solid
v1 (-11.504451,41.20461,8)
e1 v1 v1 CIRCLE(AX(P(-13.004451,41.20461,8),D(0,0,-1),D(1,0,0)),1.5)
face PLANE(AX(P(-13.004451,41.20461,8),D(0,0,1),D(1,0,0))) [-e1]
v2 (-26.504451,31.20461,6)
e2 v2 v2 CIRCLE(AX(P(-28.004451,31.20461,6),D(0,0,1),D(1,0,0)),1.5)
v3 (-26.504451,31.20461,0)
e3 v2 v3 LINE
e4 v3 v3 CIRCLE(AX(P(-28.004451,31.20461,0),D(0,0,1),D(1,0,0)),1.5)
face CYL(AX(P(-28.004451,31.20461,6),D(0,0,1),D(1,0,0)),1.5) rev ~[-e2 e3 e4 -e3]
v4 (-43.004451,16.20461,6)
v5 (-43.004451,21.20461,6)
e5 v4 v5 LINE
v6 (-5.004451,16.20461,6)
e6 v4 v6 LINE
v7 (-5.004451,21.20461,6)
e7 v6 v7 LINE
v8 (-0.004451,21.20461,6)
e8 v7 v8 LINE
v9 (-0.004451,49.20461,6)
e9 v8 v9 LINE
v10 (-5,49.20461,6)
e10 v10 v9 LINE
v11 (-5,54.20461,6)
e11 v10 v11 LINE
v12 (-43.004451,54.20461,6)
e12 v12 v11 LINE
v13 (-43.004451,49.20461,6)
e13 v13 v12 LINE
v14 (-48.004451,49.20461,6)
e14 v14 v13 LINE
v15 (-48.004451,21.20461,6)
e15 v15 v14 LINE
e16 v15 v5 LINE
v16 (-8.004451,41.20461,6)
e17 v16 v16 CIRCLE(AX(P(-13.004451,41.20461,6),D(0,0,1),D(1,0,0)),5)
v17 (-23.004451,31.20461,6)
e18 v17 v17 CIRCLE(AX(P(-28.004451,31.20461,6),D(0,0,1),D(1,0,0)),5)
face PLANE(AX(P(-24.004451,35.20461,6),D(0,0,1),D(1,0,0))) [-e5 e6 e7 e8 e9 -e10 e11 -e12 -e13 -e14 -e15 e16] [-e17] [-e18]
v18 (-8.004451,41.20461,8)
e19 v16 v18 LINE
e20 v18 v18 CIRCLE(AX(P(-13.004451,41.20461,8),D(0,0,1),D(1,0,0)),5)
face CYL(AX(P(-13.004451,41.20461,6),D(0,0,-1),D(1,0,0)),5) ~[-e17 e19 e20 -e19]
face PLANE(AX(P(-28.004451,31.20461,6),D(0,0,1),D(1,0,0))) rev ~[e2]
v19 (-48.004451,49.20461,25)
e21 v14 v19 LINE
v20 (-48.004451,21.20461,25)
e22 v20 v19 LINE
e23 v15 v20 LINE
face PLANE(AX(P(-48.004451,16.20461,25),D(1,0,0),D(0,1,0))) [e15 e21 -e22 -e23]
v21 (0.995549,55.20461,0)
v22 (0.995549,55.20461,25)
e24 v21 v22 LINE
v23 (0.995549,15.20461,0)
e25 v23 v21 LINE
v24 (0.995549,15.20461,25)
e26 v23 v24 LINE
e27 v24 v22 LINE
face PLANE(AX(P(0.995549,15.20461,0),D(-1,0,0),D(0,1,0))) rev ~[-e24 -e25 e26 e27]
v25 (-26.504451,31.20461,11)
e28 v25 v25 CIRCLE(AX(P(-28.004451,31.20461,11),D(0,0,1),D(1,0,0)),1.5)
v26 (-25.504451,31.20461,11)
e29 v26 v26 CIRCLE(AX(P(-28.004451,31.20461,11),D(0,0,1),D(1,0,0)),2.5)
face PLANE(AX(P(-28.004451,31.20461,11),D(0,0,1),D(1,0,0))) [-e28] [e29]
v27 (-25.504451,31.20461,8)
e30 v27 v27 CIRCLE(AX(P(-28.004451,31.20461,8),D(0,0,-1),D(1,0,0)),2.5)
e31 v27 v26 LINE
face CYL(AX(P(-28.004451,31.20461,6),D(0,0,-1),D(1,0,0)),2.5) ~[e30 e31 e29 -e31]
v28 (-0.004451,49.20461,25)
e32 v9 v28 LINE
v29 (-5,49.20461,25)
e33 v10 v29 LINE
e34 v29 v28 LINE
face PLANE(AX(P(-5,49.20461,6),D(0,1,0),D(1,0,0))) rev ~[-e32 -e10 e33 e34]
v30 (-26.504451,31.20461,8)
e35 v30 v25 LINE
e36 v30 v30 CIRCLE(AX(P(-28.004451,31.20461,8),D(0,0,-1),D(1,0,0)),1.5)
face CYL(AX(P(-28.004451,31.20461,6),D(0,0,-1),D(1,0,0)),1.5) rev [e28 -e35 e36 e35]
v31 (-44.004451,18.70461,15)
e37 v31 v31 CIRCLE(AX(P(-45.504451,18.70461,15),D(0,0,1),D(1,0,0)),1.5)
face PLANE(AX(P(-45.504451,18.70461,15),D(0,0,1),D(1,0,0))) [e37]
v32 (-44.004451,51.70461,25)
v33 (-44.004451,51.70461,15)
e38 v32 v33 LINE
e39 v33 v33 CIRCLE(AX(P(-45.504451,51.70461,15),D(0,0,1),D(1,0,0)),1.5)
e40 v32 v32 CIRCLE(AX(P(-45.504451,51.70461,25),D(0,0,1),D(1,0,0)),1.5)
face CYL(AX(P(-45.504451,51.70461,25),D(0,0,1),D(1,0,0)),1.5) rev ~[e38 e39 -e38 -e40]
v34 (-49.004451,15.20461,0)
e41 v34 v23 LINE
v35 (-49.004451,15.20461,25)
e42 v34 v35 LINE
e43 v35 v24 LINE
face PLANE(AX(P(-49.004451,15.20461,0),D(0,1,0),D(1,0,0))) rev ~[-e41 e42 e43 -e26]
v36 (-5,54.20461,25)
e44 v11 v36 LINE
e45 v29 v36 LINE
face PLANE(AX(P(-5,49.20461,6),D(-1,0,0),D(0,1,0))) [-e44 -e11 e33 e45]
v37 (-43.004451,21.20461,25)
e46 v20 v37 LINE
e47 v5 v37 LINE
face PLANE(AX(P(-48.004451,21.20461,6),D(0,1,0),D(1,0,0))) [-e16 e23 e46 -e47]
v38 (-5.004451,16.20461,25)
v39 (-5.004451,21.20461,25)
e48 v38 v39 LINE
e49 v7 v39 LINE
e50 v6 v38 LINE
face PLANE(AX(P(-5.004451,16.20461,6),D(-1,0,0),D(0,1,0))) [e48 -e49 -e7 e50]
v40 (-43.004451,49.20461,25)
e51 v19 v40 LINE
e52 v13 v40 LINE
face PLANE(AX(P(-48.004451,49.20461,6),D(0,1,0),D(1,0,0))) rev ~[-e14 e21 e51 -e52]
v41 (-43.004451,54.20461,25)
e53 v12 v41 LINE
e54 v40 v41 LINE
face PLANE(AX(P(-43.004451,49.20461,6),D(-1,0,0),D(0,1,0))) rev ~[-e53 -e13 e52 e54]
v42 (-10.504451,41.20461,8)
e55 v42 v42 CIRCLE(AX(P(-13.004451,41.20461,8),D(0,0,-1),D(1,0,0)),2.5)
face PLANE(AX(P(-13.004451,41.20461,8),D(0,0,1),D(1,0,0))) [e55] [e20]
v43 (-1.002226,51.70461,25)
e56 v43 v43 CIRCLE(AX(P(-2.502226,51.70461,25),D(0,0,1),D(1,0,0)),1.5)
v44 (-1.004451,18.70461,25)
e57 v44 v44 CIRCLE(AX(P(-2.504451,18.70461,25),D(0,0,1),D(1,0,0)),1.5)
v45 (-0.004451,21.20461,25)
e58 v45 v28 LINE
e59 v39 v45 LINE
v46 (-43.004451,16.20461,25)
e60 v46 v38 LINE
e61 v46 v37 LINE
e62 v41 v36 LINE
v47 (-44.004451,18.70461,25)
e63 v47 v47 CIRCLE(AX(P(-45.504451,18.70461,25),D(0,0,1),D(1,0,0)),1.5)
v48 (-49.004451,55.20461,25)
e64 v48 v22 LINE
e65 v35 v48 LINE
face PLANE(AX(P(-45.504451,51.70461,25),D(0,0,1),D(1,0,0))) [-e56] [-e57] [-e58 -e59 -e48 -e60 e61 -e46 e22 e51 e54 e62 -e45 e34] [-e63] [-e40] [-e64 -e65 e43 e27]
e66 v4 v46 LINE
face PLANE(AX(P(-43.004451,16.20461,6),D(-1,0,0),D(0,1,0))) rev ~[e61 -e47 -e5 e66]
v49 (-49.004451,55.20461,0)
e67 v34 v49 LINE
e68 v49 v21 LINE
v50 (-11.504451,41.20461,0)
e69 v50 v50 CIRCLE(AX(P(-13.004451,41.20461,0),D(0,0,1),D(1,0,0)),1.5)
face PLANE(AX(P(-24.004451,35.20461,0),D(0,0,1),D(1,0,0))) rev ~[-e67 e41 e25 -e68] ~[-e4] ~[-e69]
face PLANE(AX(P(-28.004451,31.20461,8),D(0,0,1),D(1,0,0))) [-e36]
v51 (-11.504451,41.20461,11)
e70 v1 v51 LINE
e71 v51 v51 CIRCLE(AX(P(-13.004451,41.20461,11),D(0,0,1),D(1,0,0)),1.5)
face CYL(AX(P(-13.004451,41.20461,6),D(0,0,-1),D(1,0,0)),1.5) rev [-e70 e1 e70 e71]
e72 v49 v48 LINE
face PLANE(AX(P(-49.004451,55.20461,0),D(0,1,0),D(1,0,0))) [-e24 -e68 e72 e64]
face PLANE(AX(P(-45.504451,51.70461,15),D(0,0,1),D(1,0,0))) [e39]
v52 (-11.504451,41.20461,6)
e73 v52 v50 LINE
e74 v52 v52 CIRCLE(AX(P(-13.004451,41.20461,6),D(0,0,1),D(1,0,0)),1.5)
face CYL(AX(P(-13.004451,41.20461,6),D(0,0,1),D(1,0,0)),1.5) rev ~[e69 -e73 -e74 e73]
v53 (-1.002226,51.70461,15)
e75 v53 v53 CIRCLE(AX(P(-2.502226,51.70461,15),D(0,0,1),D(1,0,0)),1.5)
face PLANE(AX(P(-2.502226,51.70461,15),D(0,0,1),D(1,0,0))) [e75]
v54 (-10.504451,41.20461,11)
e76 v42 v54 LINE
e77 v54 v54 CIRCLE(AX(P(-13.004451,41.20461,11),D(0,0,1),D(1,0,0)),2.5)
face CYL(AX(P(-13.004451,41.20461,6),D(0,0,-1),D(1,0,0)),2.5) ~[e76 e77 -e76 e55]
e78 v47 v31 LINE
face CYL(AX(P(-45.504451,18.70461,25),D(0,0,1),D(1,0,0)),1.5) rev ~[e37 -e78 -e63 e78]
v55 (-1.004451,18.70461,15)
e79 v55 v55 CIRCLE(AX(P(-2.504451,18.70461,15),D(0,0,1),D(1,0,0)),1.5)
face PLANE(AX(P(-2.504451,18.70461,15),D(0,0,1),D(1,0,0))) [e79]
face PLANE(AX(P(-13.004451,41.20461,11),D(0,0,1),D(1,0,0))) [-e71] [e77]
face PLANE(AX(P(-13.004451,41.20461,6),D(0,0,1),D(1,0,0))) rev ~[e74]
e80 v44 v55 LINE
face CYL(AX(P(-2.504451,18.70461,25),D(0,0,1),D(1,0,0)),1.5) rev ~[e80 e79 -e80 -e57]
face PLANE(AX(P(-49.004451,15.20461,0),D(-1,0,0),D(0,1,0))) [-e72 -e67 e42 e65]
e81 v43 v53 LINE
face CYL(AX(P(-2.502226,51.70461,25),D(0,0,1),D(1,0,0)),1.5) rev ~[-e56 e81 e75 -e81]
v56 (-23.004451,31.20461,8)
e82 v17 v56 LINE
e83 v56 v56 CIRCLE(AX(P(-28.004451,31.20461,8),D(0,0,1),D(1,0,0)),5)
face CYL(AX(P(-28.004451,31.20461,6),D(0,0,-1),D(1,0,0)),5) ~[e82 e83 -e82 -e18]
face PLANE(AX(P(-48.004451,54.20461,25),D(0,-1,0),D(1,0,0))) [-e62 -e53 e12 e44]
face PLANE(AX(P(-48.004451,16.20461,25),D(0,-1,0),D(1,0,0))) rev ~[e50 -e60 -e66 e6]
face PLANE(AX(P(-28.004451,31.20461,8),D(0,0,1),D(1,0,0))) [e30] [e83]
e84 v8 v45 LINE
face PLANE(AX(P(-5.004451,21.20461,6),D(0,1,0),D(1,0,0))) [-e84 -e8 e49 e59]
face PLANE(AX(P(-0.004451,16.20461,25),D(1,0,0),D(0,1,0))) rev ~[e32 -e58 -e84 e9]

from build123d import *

# Parameters (mm, degrees)
F0_W      = 50
F0_H      = 40
F1_DEPTH  = 25
F2_W      = 48
F2_H      = 38
F3_DEPTH  = 19
F4_W      = 5
F4_H      = 5
F4_W_2    = 4.9955489208
F5_DEPTH  = 19
F6_R      = 1.5
F7_DEPTH  = 10
F8_R      = 2.5
F8_R_2    = 1.5
F9_DEPTH  = 5
F10_DEPTH = 10
F11_R     = 5
F12_DEPTH = 2
F13_R     = 1.5
F14_DEPTH = 5


with BuildPart() as f1:
    # F0 (on Top) → F1 (new body)
    with BuildSketch(Plane.XY):
        with Locations((-24.0044510792, 35.204609856)):
            Rectangle(F0_W, F0_H)
    extrude(amount=F1_DEPTH)

    # F2 (on face) → F3 (cut)
    with BuildSketch(Plane.XY.offset(25)):
        with Locations((-24.0044510792, 35.204609856)):
            Rectangle(F2_W, F2_H)
    extrude(amount=-F3_DEPTH, mode=Mode.SUBTRACT)

    # F4 (on face) → F5 (join)
    with BuildSketch(Plane.XY.offset(6)):
        with Locations((-45.5044510792, 51.704609856)):
            Rectangle(F4_W, F4_H)
        with Locations((-45.5044510792, 18.704609856)):
            Rectangle(F4_W, F4_H)
        with Locations((-2.5022255396, 51.704609856)):
            Rectangle(F4_W_2, F4_H)
        with Locations((-2.5044510792, 18.704609856)):
            Rectangle(F4_W, F4_H)
    extrude(amount=F5_DEPTH)

    # F6 (on face) → F7 (cut)
    with BuildSketch(Plane.XY.offset(25)):
        with Locations((-45.5044510792, 51.704609856)):
            Circle(F6_R)
        with Locations((-45.5044510792, 18.704609856)):
            Circle(F6_R)
        with Locations((-2.5044510792, 18.704609856)):
            Circle(F6_R)
        with Locations((-2.5022255396, 51.704609856)):
            Circle(F6_R)
    extrude(amount=-F7_DEPTH, mode=Mode.SUBTRACT)

    # F8 (on face) → F9 (join)
    with BuildSketch(Plane.XY.offset(6)):
        with Locations((-28.0044510792, 31.204609856)):
            Circle(F8_R)
        with Locations((-28.0044510792, 31.204609856)):
            Circle(F8_R_2, mode=Mode.SUBTRACT)
        with Locations((-13.0044510792, 41.204609856)):
            Circle(F8_R)
        with Locations((-13.0044510792, 41.204609856)):
            Circle(F8_R_2, mode=Mode.SUBTRACT)
    extrude(amount=F9_DEPTH)

    # F10 (cut): faces of the model
    f10_faces = [f1.faces().sort_by_distance(p)[0] for p in [
        (-28.0044510792, 31.204609856, 6),
        (-13.0044510792, 41.204609856, 6),
    ]]
    extrude(f10_faces, amount=-F10_DEPTH, mode=Mode.SUBTRACT)

    # F11 (on face) → F12 (join)
    with BuildSketch(Plane.XY.offset(6)):
        with Locations((-28.0044510792, 31.204609856)):
            Circle(F11_R)
        with Locations((-13.0044510792, 41.204609856)):
            Circle(F11_R)
    extrude(amount=F12_DEPTH)

    # F13 (on face) → F14 (cut)
    with BuildSketch(Plane(origin=(0, 0, 0), x_dir=(1, 0, 0), z_dir=(0, 0, -1))):
        Polygon((-25.0050230309, -31.2631878667), (-26.4540070097, -28.6363179747), (-29.453435058, -28.5777399641), (-31.0038791275, -31.1460318454), (-29.5548951487, -33.7729017373), (-26.5554671004, -33.8314797479), align=None)
        with Locations((-28.0044510792, -31.204609856)):
            Circle(F13_R, mode=Mode.SUBTRACT)
        Polygon((-10.2501344474, -42.3936178003), (-10.5975816782, -39.4138056549), (-13.3518983101, -38.2247977106), (-15.758767711, -40.0156019117), (-15.4113204802, -42.9954140571), (-12.6570038483, -44.1844220014), align=None)
        with Locations((-13.0044510792, -41.204609856)):
            Circle(F13_R, mode=Mode.SUBTRACT)
    extrude(amount=F14_DEPTH, mode=Mode.SUBTRACT)


solid = f1.part
